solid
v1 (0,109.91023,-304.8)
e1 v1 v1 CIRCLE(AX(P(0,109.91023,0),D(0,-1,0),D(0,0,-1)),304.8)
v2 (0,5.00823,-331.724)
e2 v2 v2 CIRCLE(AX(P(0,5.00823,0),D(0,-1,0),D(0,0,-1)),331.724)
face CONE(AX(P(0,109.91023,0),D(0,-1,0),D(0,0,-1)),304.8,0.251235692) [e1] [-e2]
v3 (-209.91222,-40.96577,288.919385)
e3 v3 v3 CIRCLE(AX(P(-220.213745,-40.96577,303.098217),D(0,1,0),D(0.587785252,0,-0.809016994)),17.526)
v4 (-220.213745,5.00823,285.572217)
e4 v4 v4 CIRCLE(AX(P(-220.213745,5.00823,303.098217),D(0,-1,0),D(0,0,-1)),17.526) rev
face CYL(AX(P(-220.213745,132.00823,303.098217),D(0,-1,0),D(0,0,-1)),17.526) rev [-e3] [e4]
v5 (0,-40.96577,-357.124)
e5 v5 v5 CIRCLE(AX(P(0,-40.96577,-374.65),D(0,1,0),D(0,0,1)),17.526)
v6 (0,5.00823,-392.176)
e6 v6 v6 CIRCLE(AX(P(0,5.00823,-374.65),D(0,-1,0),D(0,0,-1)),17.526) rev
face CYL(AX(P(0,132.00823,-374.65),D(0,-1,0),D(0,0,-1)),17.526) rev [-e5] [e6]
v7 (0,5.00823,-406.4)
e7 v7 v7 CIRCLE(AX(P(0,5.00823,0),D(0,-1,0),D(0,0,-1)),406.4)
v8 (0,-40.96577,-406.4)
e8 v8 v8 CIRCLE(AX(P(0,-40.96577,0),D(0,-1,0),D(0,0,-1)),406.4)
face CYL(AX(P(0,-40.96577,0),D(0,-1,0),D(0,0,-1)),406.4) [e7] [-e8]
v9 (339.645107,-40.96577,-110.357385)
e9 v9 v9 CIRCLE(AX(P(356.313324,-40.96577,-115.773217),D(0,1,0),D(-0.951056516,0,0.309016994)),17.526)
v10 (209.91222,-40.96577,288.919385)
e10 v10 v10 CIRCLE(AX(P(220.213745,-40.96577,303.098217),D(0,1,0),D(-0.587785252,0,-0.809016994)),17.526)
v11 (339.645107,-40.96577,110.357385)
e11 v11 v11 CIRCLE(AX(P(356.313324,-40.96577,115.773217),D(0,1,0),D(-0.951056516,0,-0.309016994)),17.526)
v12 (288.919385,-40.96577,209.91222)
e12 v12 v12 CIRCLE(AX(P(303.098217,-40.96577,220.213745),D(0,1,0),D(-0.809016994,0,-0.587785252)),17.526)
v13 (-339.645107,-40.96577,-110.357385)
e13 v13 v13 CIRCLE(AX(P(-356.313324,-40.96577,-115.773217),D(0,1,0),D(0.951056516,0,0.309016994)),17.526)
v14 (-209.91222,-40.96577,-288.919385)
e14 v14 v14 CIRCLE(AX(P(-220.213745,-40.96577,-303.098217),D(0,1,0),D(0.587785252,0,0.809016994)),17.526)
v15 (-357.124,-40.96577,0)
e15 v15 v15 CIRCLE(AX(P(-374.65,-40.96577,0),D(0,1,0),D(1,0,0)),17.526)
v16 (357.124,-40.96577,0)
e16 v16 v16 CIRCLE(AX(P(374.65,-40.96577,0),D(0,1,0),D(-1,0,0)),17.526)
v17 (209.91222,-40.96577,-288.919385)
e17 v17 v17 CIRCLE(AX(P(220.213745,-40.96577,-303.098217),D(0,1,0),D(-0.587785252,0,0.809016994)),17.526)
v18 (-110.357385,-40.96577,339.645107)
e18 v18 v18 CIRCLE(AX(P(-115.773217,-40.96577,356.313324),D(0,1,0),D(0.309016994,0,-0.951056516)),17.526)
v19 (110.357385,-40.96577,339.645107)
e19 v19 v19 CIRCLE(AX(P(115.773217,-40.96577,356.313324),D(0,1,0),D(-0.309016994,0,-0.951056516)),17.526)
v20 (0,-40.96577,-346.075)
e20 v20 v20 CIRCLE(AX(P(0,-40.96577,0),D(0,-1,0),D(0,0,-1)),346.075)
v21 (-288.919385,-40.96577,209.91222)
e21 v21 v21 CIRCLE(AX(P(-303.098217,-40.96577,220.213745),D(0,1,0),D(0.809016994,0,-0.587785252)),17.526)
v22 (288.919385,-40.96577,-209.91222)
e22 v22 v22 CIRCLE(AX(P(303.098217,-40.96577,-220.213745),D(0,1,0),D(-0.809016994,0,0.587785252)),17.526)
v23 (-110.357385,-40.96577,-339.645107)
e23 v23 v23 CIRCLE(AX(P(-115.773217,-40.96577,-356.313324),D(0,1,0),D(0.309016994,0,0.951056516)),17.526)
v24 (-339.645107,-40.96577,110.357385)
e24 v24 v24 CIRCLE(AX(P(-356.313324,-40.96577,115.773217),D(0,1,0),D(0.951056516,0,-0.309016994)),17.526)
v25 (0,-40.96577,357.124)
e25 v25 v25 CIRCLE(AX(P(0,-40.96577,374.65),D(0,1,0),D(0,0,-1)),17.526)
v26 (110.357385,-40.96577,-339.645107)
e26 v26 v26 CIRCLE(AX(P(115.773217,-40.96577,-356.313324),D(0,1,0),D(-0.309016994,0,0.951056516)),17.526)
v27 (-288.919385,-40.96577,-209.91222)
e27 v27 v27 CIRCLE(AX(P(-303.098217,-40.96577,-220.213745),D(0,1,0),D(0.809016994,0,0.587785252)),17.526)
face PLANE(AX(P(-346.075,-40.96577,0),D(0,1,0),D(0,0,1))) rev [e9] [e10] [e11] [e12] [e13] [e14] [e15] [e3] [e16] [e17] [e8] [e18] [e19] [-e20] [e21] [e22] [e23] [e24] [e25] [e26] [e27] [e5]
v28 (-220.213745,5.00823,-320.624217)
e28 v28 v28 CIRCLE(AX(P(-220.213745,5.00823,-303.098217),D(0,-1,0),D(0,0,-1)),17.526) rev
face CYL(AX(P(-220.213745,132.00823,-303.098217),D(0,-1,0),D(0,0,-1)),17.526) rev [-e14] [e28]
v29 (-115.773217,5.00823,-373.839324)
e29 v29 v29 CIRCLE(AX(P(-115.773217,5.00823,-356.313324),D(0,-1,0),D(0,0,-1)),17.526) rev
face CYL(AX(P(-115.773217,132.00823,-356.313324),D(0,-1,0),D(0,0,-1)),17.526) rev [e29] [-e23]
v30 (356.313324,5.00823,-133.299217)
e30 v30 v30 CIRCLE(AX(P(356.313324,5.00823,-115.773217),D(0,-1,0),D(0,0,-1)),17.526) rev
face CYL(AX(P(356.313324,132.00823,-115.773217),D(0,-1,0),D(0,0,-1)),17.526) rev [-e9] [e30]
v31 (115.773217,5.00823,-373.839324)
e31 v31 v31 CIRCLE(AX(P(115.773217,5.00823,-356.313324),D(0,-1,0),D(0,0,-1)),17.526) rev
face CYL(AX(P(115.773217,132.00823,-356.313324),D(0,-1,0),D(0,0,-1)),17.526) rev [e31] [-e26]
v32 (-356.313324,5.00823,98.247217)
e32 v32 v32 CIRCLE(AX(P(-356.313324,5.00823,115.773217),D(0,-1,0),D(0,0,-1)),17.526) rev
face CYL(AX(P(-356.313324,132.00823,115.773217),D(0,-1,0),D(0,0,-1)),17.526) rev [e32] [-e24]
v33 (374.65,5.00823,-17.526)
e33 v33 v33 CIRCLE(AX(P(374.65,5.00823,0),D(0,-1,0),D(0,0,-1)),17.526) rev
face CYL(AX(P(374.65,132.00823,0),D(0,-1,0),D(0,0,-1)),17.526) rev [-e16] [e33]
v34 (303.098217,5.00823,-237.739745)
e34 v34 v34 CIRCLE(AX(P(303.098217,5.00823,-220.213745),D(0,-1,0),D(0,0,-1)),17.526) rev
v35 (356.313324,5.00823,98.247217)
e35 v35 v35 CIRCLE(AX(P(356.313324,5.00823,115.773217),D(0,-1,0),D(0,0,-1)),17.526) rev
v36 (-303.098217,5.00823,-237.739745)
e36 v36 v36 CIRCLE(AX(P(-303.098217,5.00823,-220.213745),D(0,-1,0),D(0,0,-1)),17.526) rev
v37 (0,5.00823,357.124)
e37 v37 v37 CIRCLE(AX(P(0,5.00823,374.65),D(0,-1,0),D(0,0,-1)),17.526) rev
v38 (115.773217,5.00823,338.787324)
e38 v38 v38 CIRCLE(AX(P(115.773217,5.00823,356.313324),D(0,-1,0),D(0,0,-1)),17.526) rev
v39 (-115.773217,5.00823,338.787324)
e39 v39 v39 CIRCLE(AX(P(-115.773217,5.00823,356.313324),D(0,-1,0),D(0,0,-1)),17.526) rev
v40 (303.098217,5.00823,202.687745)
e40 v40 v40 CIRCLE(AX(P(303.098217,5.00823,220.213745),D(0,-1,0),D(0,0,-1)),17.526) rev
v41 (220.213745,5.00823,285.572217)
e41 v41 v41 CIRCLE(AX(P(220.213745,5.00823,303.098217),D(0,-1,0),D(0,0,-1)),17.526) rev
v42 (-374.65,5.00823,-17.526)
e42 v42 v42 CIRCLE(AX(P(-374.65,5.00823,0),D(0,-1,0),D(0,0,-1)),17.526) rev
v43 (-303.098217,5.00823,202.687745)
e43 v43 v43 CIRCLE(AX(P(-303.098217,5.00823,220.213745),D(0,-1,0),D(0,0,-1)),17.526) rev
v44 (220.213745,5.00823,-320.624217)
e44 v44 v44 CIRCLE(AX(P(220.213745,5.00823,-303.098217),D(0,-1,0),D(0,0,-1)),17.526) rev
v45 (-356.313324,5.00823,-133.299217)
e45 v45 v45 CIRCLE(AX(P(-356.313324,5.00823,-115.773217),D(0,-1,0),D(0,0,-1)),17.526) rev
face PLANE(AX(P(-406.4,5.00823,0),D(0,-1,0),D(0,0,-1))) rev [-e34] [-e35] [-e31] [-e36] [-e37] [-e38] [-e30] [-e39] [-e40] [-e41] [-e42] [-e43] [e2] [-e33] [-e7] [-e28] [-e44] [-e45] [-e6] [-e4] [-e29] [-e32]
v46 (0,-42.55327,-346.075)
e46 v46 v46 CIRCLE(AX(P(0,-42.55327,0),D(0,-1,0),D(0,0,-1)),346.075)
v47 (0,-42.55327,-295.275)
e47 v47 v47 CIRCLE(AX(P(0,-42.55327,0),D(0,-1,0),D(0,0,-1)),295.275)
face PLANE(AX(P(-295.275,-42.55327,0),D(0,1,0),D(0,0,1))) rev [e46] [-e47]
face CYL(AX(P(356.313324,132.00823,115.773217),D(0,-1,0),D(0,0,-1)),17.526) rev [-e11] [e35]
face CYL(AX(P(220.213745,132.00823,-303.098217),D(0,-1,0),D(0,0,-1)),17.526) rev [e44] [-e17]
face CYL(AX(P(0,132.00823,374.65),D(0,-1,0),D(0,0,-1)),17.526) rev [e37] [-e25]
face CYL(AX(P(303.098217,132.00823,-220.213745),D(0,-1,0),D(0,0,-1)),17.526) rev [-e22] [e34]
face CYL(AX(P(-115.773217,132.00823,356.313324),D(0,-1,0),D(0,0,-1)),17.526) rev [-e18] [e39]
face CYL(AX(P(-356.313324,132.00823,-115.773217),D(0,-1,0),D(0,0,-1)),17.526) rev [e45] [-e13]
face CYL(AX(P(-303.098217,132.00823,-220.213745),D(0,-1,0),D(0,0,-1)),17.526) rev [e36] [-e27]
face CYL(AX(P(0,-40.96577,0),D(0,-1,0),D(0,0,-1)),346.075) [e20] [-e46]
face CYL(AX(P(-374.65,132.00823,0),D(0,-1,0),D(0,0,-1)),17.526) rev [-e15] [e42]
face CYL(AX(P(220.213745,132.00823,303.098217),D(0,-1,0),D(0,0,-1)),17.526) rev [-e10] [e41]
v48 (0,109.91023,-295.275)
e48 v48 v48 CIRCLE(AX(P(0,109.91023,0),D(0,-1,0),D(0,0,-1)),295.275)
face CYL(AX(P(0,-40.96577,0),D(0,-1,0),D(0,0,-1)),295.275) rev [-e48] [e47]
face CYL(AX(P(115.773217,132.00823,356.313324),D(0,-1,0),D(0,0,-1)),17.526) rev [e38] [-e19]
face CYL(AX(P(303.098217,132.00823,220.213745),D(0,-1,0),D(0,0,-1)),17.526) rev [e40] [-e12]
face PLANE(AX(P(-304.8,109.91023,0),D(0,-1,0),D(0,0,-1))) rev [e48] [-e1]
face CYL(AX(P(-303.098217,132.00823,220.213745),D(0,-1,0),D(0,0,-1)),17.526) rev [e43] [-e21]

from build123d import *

# Parameters (mm, degrees)
SKETCH10_R         = 0.69
CUT_EXTRUDE1_DEPTH = 6.81
CIRPATTERN1_COUNT  = 20
SCALE1_SCALE       = 25.4


with BuildPart() as part:
    # Sketch8 → Revolve1 (revolve)
    with BuildSketch(Plane.XY):
        Polygon((-11.625, 0), (-11.625, 5.94), (-12, 5.94), (-13.06, 1.81), (-16, 1.81), (-16, 0), (-13.625, 0), (-13.625, -0.0625), (-11.625, -0.0625), align=None)
    revolve(axis=Axis((0, 0, 0), (0, 1, 0)))

    # Sketch10 → Cut-Extrude1 (cut)
    with BuildSketch(Plane(origin=(0, 0, 0), x_dir=(1, 0, 0), z_dir=(0, 1, 0))):
        with Locations((0, 14.75)):
            Circle(SKETCH10_R)
    cut_extrude1 = extrude(amount=CUT_EXTRUDE1_DEPTH, mode=Mode.SUBTRACT)

    # CirPattern1: Cut-Extrude1 ×20 about axis
    cirpattern1_axis = Axis((0, 0, 0), (0, 1, 0))
    for i in range(1, CIRPATTERN1_COUNT):
        add(cut_extrude1.rotate(cirpattern1_axis, i * 360 / CIRPATTERN1_COUNT), mode=Mode.SUBTRACT)


with BuildPart() as part_1:
    # Scale1: scaled about (0, 1.678925008, 0)
    add(part.part.scale(SCALE1_SCALE).moved(Location((0, -40.965770195, 0))))


solid = part_1.part
